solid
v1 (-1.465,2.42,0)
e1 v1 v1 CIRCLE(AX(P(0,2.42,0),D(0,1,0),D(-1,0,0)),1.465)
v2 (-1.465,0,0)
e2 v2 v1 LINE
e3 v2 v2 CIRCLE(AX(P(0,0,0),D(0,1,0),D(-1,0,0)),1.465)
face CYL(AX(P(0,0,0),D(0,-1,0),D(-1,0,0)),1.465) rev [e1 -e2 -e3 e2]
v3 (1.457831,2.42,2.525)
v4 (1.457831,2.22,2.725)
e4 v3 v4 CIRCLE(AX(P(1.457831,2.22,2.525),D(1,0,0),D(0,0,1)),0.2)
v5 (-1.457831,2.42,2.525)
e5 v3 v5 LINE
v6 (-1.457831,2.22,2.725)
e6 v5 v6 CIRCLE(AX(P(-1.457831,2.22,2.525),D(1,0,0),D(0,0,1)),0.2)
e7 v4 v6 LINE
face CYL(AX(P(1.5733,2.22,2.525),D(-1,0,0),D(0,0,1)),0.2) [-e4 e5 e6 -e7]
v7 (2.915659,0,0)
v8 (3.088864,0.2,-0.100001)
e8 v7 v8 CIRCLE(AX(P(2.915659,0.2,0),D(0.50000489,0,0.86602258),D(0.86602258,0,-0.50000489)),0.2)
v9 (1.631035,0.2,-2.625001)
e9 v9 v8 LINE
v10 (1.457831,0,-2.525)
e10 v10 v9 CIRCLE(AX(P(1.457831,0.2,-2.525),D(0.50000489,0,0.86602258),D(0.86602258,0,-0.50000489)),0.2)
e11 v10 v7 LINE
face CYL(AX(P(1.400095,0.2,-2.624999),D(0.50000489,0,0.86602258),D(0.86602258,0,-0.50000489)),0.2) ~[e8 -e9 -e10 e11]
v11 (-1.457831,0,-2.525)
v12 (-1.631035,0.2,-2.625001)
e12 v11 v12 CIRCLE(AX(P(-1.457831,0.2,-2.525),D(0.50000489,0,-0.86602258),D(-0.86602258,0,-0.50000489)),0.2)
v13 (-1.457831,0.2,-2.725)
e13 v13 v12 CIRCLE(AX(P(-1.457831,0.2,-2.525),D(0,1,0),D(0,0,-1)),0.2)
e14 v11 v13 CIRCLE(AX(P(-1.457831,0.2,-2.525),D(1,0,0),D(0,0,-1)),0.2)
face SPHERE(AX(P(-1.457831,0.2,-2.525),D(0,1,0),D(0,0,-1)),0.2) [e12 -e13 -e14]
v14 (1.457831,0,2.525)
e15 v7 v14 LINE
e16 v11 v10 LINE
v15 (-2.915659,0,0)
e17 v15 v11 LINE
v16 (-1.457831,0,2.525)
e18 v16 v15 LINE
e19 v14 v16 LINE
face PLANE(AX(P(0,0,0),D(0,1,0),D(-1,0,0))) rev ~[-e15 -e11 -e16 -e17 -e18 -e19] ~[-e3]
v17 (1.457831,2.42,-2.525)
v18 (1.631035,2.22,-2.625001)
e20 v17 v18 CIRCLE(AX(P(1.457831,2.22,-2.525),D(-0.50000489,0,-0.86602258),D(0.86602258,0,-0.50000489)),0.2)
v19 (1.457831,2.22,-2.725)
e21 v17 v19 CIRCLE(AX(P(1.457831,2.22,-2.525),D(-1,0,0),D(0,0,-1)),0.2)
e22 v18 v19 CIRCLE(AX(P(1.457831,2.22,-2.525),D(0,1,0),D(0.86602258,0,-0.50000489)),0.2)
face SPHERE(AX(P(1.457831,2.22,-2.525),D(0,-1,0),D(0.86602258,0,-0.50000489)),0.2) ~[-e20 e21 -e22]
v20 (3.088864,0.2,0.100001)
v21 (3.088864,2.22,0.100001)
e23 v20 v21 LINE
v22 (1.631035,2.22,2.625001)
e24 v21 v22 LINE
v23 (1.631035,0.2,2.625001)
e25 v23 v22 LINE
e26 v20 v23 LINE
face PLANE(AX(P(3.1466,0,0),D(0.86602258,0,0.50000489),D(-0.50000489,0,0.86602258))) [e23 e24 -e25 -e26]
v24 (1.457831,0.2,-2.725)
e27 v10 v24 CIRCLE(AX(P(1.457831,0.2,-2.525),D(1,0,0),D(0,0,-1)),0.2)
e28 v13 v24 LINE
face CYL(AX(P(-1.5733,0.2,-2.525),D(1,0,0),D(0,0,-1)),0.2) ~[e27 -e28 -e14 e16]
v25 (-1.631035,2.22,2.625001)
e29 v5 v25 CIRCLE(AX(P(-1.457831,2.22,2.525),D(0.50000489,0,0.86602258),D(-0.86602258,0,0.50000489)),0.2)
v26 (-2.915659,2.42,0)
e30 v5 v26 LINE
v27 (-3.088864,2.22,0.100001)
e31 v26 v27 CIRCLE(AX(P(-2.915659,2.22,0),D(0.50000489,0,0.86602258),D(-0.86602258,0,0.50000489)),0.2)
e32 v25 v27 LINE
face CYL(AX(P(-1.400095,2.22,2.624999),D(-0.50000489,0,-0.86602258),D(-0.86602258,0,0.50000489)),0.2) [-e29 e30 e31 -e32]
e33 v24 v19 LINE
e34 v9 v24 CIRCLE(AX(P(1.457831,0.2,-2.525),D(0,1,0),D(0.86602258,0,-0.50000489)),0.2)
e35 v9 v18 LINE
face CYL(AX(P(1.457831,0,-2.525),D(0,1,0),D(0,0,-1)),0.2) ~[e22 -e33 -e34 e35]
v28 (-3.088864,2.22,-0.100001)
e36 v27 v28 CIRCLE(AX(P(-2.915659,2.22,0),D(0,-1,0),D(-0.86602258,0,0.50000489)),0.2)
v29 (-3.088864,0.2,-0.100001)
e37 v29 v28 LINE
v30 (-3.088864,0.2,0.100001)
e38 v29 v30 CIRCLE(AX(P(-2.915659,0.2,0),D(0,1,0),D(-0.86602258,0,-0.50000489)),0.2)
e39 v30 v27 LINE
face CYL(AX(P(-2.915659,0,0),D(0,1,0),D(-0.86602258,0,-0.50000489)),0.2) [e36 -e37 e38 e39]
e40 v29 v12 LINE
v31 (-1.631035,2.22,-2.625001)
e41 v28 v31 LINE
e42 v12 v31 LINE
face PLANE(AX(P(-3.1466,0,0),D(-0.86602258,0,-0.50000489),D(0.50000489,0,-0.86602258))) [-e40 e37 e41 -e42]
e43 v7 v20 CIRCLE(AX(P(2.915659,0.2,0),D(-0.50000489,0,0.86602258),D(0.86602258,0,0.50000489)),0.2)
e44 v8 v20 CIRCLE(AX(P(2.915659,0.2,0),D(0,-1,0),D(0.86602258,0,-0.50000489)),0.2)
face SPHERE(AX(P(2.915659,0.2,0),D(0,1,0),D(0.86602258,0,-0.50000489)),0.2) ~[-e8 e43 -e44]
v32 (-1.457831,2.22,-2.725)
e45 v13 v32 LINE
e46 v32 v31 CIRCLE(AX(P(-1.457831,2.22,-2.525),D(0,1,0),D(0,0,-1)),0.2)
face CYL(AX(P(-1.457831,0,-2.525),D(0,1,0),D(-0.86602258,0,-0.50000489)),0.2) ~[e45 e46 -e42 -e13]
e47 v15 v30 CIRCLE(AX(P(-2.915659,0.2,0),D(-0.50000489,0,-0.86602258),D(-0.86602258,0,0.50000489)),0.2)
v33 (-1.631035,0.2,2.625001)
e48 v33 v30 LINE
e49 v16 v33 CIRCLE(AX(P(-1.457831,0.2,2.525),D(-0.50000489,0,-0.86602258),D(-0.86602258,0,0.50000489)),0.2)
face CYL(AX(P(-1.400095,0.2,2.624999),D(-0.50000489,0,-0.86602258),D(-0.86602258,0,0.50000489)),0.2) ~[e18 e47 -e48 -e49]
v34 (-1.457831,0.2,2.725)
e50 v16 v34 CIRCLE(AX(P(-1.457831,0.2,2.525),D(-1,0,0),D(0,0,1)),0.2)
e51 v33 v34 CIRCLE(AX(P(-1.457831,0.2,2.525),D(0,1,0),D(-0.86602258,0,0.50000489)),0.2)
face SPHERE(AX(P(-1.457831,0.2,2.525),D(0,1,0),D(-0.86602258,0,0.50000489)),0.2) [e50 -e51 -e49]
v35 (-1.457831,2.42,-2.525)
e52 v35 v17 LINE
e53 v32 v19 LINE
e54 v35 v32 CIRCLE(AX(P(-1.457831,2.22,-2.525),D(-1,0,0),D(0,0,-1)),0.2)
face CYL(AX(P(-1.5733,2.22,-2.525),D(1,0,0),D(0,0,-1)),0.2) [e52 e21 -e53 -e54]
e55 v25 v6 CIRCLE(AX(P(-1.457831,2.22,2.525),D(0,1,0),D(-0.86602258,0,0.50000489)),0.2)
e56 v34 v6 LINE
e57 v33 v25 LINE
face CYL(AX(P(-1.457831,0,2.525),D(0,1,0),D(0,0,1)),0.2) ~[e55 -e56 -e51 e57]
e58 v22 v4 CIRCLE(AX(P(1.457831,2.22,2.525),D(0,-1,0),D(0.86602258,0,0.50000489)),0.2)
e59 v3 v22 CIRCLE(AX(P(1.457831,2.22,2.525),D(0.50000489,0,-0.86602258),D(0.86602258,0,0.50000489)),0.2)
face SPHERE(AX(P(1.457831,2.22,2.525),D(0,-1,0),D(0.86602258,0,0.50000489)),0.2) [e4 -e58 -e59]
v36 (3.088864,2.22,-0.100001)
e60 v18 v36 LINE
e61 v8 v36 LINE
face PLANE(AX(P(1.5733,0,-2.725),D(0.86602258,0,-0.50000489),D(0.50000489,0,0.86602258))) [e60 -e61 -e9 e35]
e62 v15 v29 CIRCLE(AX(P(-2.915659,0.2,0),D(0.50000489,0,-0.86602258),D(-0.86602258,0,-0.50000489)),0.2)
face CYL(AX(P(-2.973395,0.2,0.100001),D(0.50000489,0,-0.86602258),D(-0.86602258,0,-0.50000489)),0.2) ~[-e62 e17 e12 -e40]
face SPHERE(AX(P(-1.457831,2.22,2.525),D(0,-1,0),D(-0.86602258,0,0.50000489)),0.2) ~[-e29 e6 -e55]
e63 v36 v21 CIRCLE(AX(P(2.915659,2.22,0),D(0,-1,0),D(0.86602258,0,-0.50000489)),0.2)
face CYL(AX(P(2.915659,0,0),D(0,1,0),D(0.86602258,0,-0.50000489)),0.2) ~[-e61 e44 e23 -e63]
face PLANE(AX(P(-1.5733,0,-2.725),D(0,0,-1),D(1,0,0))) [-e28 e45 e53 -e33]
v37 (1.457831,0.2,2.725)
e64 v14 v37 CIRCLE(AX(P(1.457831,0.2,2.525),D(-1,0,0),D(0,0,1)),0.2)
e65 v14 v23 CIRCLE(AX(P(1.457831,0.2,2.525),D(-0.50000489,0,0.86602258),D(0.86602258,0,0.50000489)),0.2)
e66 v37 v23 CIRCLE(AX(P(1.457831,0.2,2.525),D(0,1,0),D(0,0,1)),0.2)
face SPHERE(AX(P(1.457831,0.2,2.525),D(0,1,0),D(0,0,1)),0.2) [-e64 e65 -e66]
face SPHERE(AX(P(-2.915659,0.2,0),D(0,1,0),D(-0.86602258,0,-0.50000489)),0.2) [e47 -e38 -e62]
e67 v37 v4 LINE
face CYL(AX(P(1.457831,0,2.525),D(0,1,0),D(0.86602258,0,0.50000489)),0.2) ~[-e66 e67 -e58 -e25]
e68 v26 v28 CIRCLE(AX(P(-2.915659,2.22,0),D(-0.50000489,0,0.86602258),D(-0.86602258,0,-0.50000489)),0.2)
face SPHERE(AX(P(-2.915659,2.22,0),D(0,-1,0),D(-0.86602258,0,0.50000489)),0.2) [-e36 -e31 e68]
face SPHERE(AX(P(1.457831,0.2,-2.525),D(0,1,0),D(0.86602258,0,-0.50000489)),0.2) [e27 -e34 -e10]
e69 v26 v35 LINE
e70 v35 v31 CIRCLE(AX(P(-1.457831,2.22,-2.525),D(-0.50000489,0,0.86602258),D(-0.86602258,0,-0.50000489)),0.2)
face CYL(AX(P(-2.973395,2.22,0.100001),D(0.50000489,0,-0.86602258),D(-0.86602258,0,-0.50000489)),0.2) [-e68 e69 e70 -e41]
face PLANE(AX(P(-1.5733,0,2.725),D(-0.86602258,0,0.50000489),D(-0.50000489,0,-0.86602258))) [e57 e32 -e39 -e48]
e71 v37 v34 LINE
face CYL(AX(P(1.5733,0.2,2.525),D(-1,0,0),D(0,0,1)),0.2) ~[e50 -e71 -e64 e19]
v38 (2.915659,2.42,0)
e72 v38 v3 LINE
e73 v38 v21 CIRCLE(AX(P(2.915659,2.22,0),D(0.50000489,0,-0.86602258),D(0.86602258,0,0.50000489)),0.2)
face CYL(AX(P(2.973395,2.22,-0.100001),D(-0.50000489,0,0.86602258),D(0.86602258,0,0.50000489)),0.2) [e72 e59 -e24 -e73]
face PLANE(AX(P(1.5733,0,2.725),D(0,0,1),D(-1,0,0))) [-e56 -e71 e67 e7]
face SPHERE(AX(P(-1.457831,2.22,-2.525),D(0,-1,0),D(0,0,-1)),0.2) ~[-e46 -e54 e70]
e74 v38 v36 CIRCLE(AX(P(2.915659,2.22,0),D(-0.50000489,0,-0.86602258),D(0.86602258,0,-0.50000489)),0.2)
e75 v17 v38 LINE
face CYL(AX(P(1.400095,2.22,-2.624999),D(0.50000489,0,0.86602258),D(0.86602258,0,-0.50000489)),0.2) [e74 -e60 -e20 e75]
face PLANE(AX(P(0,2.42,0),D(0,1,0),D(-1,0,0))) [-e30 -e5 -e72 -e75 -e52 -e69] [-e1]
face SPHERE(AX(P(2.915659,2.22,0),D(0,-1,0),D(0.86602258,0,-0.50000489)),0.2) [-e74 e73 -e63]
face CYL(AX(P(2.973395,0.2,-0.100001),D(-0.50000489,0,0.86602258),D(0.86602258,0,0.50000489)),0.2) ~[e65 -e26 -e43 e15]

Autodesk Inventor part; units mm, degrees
ref_plane "YZ Plane" through (0, 0, 0) normal (1, 0, 0) x (0, 1, 0)
ref_plane "XZ Plane" through (0, 0, 0) normal (0, 1, 0) x (-1, 0, 0)
ref_plane "XY Plane" through (0, 0, 0) normal (0, 0, 1) x (1, 0, 0)
sketch "Sketch1" plane through (0, 0, 0) normal (0, 1, 0) x (-1, 0, 0)
  line L0 (3.1466, 0) -> (1.5733, -2.725)
  line L1 (1.5733, -2.725) -> (-1.5733, -2.725)
  line L2 (-1.5733, -2.725) -> (-3.1466, 0)
  line L3 (-3.1466, 0) -> (-1.5733, 2.725)
  line L4 (-1.5733, 2.725) -> (1.5733, 2.725)
  line L5 (1.5733, 2.725) -> (3.1466, 0)
  circle A0 centre (0, 0) radius 1.465
  dimension "d0" = 5.45
  dimension "d1" = 2.93
extrude "Extrusion1" add sketch "Sketch1" along normal blind 2.42
fillet "Fillet1" radius 0.2 18 edges at (2.3599, 2.42, 1.3625) (0, 2.42, 2.725) (1.5733, 1.21, 2.725) (0, 0, 2.725) (-1.5733, 1.21, 2.725) (2.3599, 0, 1.3625) (3.1466, 1.21, 0) (1.5733, 1.21, -2.725) (2.3599, 2.42, -1.3625) (2.3599, 0, -1.3625) (-1.5733, 1.21, -2.725) (0, 2.42, -2.725) (0, 0, -2.725) (-2.3599, 2.42, 1.3625) (-2.3599, 2.42, -1.3625) (-3.1466, 1.21, 0) (-2.3599, 0, -1.3625) (-2.3599, 0, 1.3625)
thread "Thread1" size "M3x0.5" class "6H" standard "ANSI Metric M Profile" full length
properties part number "M3 Nut"
